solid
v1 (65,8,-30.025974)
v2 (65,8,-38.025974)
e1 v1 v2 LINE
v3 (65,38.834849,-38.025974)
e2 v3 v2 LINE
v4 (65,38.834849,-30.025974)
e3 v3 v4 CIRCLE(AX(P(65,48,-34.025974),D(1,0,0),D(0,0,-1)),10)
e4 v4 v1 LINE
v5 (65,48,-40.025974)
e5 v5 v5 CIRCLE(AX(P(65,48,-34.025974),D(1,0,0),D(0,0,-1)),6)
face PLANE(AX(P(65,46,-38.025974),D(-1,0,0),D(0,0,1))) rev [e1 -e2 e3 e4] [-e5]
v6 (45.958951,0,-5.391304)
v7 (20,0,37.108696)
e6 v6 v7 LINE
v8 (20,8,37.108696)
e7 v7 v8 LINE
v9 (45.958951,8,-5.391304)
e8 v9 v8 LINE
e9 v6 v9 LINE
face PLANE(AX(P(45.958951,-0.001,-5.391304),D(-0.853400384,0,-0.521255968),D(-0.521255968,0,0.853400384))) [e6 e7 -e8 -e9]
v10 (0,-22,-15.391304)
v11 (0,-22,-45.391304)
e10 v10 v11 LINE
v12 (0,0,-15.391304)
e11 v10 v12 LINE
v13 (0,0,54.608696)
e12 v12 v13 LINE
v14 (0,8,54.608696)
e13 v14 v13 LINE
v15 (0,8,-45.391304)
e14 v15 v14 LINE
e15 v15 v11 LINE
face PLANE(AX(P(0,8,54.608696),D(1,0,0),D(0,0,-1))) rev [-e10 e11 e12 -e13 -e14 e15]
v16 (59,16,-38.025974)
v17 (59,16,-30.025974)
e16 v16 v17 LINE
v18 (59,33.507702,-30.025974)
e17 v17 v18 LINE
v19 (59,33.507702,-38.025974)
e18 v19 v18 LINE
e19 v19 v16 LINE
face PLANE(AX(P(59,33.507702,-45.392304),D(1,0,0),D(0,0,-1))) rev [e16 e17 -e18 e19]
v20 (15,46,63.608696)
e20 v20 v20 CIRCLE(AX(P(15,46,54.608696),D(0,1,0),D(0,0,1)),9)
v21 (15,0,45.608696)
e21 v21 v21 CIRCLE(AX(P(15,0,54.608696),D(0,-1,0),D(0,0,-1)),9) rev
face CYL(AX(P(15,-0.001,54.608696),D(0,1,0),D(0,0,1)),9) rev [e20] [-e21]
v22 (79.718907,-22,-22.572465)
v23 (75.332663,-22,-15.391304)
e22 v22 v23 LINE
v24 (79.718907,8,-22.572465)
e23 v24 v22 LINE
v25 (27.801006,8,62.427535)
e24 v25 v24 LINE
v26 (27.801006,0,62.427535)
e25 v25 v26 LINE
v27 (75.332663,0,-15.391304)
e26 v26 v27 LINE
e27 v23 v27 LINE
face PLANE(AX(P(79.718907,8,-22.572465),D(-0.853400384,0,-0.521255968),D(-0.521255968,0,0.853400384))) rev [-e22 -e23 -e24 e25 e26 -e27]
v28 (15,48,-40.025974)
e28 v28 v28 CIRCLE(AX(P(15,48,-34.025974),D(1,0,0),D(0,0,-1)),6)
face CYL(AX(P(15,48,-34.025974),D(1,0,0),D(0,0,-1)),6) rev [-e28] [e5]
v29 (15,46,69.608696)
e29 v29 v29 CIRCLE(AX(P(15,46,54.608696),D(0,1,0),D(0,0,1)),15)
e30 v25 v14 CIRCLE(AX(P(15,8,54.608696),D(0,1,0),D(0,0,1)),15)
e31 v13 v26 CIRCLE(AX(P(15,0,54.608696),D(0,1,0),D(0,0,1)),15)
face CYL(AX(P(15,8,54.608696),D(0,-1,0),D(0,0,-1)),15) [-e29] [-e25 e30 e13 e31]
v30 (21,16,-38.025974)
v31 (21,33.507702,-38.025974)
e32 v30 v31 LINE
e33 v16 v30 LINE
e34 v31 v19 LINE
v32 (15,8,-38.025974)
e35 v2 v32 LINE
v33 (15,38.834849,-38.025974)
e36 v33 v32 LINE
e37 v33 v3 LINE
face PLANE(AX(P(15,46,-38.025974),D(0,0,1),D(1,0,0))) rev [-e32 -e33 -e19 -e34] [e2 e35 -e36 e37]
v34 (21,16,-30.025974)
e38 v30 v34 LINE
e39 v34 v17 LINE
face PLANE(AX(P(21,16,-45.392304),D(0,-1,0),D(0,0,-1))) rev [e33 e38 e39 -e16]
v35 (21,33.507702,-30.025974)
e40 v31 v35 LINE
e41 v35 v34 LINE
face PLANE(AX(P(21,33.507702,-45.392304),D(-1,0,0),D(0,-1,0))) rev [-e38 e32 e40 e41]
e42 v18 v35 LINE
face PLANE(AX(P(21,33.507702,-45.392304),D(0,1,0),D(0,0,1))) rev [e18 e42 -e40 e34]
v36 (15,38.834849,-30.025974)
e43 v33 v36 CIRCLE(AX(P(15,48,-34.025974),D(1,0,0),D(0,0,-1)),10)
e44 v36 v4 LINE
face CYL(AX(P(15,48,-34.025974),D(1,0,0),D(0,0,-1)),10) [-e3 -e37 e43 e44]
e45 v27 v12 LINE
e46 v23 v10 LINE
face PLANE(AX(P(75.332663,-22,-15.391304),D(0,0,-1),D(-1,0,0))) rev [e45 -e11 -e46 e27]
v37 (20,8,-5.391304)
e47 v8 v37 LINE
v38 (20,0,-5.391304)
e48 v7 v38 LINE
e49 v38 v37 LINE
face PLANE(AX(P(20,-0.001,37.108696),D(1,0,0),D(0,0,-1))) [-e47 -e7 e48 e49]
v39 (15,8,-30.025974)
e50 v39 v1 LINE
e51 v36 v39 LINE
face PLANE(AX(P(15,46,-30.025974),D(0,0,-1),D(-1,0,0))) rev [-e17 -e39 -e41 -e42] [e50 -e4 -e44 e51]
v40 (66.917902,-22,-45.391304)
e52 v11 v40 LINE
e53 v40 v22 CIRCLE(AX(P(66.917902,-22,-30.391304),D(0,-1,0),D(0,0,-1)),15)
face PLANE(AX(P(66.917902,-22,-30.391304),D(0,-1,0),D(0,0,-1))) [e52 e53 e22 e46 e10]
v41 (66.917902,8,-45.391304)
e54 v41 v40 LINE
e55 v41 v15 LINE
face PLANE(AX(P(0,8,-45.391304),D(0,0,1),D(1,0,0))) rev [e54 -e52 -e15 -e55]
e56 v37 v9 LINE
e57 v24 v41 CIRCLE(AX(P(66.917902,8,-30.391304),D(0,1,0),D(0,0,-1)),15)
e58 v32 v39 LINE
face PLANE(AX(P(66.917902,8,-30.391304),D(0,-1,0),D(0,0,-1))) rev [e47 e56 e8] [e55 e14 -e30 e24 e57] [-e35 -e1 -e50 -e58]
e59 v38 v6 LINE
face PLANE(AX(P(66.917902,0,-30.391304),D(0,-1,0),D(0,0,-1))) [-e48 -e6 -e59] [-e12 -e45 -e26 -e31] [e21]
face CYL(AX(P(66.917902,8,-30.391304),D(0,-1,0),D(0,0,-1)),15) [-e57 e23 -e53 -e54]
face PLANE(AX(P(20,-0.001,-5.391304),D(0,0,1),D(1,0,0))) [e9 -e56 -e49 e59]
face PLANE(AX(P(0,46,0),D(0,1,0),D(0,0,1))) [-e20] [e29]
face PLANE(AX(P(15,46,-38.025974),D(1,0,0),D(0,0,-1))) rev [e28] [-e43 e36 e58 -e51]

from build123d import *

# Parameters (mm, degrees)
BASE_TRIANGLE_DEPTH   = 8
SKETCH2_W             = 50
SKETCH2_H             = 8
RECTANGLE_BLOCK_DEPTH = 38
CUT_EXTRUDE2_REACH    = 17.365
SKETCH3_W             = 38
SKETCH3_H             = 18
CYINDER_BLOCK_DEPTH   = 50
CUT_EXTRUDE3_REACH    = 68.918
SKETCH5_R             = 6
BOSS_EXTRUDE5_DEPTH   = 50
CUT_EXTRUDE4_DEPTH    = 50
SKETCH11_R            = 6
CUT_EXTRUDE5_DEPTH    = 50
CUT_EXTRUDE6_REACH    = 17.365
SKETCH12_W            = 38
SKETCH12_H            = 17.507702416
BOSS_EXTRUDE6_DEPTH   = 38
CUT_EXTRUDE7_REACH    = 48
SKETCH14_R            = 9
CUT_EXTRUDE9_REACH    = 10
BOSS_EXTRUDE7_DEPTH   = 22


with BuildPart() as part:
    # Sketch1 → Base triangle (new body)
    with BuildSketch(Plane(origin=(0, 0, 0), x_dir=(1, 0, 0), z_dir=(0, 1, 0))):
        with BuildLine():
            Line((0, -54.608695652), (0, 45.391304348))
            Line((0, 45.391304348), (66.917901683, 45.391304348))
            ThreePointArc((66.917901683, 45.391304348), (80, 37.730153279), (79.71890745, 22.572464832))
            Line((79.71890745, 22.572464832), (27.801005766, -62.427535168))
            ThreePointArc((27.801005766, -62.427535168), (10.938909413, -69.048485929), (0, -54.608695652))
        make_face()
    extrude(amount=BASE_TRIANGLE_DEPTH)

    # Sketch2 → Rectangle Block (add)
    with BuildSketch(Plane(origin=(0, 8, 0), x_dir=(1, 0, 0), z_dir=(0, 1, 0))):
        with Locations((40, 34.025974009)):
            Rectangle(SKETCH2_W, SKETCH2_H)
    extrude(amount=RECTANGLE_BLOCK_DEPTH)

    # Sketch3 → Cut-Extrude2 (cut, up to next)
    with BuildSketch(Plane.XY.offset(-30.025974009), mode=Mode.PRIVATE) as cut_extrude2_sk1:
        with Locations((40, 25)):
            Rectangle(SKETCH3_W, SKETCH3_H)
    cut_extrude2_tool1 = extrude(cut_extrude2_sk1.sketch, amount=-CUT_EXTRUDE2_REACH, mode=Mode.PRIVATE) & part.part
    add(cut_extrude2_tool1.solids().sort_by_distance((40, 25, -30.025974))[0], mode=Mode.SUBTRACT)

    # Sketch4 → Cyinder Block (add)
    with BuildSketch(Plane.ZY.offset(-15)):
        with BuildLine():
            ThreePointArc((-24.025974009, 55.16515139), (-39.503199584, 63.531751655), (-38.025974009, 46))
            Line((-38.025974009, 46), (-30.025974009, 46))
            ThreePointArc((-30.025974009, 46), (-25.659373744, 49.687925815), (-24.025974009, 55.16515139))
        make_face()
        with BuildLine():
            Line((-30.025974009, 46), (-38.025974009, 46))
            ThreePointArc((-38.025974009, 46), (-34.025974009, 45.16515139), (-30.025974009, 46))
        make_face()
    extrude(amount=-CYINDER_BLOCK_DEPTH)

    # Sketch5 → Cut-Extrude3 (cut, up to next)
    with BuildSketch(Plane.ZY.offset(-15), mode=Mode.PRIVATE) as cut_extrude3_sk1:
        with Locations((-34.025974009, 55.16515139)):
            Circle(SKETCH5_R)
    cut_extrude3_tool1 = extrude(cut_extrude3_sk1.sketch, amount=-CUT_EXTRUDE3_REACH, mode=Mode.PRIVATE) & part.part
    add(cut_extrude3_tool1.solids().sort_by_distance((15, 55.165151, -34.025974))[0], mode=Mode.SUBTRACT)

    # Sketch9 → Boss-Extrude5 (add)
    with BuildSketch(Plane(origin=(65, 0, 0), x_dir=(0, 0, -1), z_dir=(1, 0, 0))):
        with BuildLine():
            Line((30.025974009, 8), (38.025974009, 8))
            Line((38.025974009, 8), (38.025974009, 38.83484861))
            ThreePointArc((38.025974009, 38.83484861), (34.025974009, 58), (30.025974009, 38.83484861))
            Line((30.025974009, 38.83484861), (30.025974009, 8))
        make_face()
    extrude(amount=-BOSS_EXTRUDE5_DEPTH)

    # Sketch10 → Cut-Extrude4 (cut)
    with BuildSketch(Plane(origin=(65, 0, 0), x_dir=(0, 0, -1), z_dir=(1, 0, 0))):
        with BuildLine():
            ThreePointArc((43.362201908, 51.582575695), (34.025974009, 58), (24.68974611, 51.582575695))
            ThreePointArc((24.68974611, 51.582575695), (34.025974009, 65.16515139), (43.362201908, 51.582575695))
        make_face()
    extrude(amount=-CUT_EXTRUDE4_DEPTH, mode=Mode.SUBTRACT)

    # Sketch11 → Cut-Extrude5 (cut)
    with BuildSketch(Plane(origin=(65, 0, 0), x_dir=(0, 0, -1), z_dir=(1, 0, 0))):
        with Locations((34.025974009, 48)):
            Circle(SKETCH11_R)
    extrude(amount=-CUT_EXTRUDE5_DEPTH, mode=Mode.SUBTRACT)

    # Sketch12 → Cut-Extrude6 (cut, up to next)
    with BuildSketch(Plane.XY.offset(-30.025974009), mode=Mode.PRIVATE) as cut_extrude6_sk1:
        with Locations((40, 24.753851208)):
            Rectangle(SKETCH12_W, SKETCH12_H)
    cut_extrude6_tool1 = extrude(cut_extrude6_sk1.sketch, amount=-CUT_EXTRUDE6_REACH, mode=Mode.PRIVATE) & part.part
    add(cut_extrude6_tool1.solids().sort_by_distance((40, 24.753851, -30.025974))[0], mode=Mode.SUBTRACT)

    # Sketch13 → Boss-Extrude6 (add)
    with BuildSketch(Plane(origin=(0, 8, 0), x_dir=(1, 0, 0), z_dir=(0, 1, 0))):
        with BuildLine():
            ThreePointArc((30, -54.608695652), (15, -39.608695652), (0, -54.608695652))
            ThreePointArc((0, -54.608695652), (10.938909413, -69.048485929), (27.801005766, -62.427535168))
            ThreePointArc((27.801005766, -62.427535168), (29.439790277, -58.669786239), (30, -54.608695652))
        make_face()
    extrude(amount=BOSS_EXTRUDE6_DEPTH)

    # Sketch14 → Cut-Extrude7 (cut, up to next)
    with BuildSketch(Plane(origin=(0, 46, 0), x_dir=(1, 0, 0), z_dir=(0, 1, 0)), mode=Mode.PRIVATE) as cut_extrude7_sk1:
        with Locations((15, -54.608695652)):
            Circle(SKETCH14_R)
    cut_extrude7_tool1 = extrude(cut_extrude7_sk1.sketch, amount=-CUT_EXTRUDE7_REACH, mode=Mode.PRIVATE) & part.part
    add(cut_extrude7_tool1.solids().sort_by_distance((15, 46, 54.608696))[0], mode=Mode.SUBTRACT)

    # Sketch15 → Cut-Extrude9 (cut, up to next)
    with BuildSketch(Plane(origin=(0, 8, 0), x_dir=(1, 0, 0), z_dir=(0, 1, 0)), mode=Mode.PRIVATE) as cut_extrude9_sk1:
        Polygon((20, -37.108695652), (20, 5.391304348), (45.958950842, 5.391304348), align=None)
    cut_extrude9_tool1 = extrude(cut_extrude9_sk1.sketch, amount=-CUT_EXTRUDE9_REACH, mode=Mode.PRIVATE) & part.part
    add(cut_extrude9_tool1.solids().sort_by_distance((28.652984, 8, 8.775362))[0], mode=Mode.SUBTRACT)

    # Sketch20 → Boss-Extrude7 (add)
    with BuildSketch(Plane(origin=(0, 0, 0), x_dir=(-1, 0, 0), z_dir=(0, -1, 0))):
        with BuildLine():
            Line((-75.332662932, 15.391304348), (0, 15.391304348))
            Line((0, 15.391304348), (0, 45.391304348))
            Line((0, 45.391304348), (-66.917901683, 45.391304348))
            ThreePointArc((-66.917901683, 45.391304348), (-80, 37.730153279), (-79.71890745, 22.572464832))
            Line((-79.71890745, 22.572464832), (-75.332662932, 15.391304348))
        make_face()
    extrude(amount=BOSS_EXTRUDE7_DEPTH)


solid = part.part
